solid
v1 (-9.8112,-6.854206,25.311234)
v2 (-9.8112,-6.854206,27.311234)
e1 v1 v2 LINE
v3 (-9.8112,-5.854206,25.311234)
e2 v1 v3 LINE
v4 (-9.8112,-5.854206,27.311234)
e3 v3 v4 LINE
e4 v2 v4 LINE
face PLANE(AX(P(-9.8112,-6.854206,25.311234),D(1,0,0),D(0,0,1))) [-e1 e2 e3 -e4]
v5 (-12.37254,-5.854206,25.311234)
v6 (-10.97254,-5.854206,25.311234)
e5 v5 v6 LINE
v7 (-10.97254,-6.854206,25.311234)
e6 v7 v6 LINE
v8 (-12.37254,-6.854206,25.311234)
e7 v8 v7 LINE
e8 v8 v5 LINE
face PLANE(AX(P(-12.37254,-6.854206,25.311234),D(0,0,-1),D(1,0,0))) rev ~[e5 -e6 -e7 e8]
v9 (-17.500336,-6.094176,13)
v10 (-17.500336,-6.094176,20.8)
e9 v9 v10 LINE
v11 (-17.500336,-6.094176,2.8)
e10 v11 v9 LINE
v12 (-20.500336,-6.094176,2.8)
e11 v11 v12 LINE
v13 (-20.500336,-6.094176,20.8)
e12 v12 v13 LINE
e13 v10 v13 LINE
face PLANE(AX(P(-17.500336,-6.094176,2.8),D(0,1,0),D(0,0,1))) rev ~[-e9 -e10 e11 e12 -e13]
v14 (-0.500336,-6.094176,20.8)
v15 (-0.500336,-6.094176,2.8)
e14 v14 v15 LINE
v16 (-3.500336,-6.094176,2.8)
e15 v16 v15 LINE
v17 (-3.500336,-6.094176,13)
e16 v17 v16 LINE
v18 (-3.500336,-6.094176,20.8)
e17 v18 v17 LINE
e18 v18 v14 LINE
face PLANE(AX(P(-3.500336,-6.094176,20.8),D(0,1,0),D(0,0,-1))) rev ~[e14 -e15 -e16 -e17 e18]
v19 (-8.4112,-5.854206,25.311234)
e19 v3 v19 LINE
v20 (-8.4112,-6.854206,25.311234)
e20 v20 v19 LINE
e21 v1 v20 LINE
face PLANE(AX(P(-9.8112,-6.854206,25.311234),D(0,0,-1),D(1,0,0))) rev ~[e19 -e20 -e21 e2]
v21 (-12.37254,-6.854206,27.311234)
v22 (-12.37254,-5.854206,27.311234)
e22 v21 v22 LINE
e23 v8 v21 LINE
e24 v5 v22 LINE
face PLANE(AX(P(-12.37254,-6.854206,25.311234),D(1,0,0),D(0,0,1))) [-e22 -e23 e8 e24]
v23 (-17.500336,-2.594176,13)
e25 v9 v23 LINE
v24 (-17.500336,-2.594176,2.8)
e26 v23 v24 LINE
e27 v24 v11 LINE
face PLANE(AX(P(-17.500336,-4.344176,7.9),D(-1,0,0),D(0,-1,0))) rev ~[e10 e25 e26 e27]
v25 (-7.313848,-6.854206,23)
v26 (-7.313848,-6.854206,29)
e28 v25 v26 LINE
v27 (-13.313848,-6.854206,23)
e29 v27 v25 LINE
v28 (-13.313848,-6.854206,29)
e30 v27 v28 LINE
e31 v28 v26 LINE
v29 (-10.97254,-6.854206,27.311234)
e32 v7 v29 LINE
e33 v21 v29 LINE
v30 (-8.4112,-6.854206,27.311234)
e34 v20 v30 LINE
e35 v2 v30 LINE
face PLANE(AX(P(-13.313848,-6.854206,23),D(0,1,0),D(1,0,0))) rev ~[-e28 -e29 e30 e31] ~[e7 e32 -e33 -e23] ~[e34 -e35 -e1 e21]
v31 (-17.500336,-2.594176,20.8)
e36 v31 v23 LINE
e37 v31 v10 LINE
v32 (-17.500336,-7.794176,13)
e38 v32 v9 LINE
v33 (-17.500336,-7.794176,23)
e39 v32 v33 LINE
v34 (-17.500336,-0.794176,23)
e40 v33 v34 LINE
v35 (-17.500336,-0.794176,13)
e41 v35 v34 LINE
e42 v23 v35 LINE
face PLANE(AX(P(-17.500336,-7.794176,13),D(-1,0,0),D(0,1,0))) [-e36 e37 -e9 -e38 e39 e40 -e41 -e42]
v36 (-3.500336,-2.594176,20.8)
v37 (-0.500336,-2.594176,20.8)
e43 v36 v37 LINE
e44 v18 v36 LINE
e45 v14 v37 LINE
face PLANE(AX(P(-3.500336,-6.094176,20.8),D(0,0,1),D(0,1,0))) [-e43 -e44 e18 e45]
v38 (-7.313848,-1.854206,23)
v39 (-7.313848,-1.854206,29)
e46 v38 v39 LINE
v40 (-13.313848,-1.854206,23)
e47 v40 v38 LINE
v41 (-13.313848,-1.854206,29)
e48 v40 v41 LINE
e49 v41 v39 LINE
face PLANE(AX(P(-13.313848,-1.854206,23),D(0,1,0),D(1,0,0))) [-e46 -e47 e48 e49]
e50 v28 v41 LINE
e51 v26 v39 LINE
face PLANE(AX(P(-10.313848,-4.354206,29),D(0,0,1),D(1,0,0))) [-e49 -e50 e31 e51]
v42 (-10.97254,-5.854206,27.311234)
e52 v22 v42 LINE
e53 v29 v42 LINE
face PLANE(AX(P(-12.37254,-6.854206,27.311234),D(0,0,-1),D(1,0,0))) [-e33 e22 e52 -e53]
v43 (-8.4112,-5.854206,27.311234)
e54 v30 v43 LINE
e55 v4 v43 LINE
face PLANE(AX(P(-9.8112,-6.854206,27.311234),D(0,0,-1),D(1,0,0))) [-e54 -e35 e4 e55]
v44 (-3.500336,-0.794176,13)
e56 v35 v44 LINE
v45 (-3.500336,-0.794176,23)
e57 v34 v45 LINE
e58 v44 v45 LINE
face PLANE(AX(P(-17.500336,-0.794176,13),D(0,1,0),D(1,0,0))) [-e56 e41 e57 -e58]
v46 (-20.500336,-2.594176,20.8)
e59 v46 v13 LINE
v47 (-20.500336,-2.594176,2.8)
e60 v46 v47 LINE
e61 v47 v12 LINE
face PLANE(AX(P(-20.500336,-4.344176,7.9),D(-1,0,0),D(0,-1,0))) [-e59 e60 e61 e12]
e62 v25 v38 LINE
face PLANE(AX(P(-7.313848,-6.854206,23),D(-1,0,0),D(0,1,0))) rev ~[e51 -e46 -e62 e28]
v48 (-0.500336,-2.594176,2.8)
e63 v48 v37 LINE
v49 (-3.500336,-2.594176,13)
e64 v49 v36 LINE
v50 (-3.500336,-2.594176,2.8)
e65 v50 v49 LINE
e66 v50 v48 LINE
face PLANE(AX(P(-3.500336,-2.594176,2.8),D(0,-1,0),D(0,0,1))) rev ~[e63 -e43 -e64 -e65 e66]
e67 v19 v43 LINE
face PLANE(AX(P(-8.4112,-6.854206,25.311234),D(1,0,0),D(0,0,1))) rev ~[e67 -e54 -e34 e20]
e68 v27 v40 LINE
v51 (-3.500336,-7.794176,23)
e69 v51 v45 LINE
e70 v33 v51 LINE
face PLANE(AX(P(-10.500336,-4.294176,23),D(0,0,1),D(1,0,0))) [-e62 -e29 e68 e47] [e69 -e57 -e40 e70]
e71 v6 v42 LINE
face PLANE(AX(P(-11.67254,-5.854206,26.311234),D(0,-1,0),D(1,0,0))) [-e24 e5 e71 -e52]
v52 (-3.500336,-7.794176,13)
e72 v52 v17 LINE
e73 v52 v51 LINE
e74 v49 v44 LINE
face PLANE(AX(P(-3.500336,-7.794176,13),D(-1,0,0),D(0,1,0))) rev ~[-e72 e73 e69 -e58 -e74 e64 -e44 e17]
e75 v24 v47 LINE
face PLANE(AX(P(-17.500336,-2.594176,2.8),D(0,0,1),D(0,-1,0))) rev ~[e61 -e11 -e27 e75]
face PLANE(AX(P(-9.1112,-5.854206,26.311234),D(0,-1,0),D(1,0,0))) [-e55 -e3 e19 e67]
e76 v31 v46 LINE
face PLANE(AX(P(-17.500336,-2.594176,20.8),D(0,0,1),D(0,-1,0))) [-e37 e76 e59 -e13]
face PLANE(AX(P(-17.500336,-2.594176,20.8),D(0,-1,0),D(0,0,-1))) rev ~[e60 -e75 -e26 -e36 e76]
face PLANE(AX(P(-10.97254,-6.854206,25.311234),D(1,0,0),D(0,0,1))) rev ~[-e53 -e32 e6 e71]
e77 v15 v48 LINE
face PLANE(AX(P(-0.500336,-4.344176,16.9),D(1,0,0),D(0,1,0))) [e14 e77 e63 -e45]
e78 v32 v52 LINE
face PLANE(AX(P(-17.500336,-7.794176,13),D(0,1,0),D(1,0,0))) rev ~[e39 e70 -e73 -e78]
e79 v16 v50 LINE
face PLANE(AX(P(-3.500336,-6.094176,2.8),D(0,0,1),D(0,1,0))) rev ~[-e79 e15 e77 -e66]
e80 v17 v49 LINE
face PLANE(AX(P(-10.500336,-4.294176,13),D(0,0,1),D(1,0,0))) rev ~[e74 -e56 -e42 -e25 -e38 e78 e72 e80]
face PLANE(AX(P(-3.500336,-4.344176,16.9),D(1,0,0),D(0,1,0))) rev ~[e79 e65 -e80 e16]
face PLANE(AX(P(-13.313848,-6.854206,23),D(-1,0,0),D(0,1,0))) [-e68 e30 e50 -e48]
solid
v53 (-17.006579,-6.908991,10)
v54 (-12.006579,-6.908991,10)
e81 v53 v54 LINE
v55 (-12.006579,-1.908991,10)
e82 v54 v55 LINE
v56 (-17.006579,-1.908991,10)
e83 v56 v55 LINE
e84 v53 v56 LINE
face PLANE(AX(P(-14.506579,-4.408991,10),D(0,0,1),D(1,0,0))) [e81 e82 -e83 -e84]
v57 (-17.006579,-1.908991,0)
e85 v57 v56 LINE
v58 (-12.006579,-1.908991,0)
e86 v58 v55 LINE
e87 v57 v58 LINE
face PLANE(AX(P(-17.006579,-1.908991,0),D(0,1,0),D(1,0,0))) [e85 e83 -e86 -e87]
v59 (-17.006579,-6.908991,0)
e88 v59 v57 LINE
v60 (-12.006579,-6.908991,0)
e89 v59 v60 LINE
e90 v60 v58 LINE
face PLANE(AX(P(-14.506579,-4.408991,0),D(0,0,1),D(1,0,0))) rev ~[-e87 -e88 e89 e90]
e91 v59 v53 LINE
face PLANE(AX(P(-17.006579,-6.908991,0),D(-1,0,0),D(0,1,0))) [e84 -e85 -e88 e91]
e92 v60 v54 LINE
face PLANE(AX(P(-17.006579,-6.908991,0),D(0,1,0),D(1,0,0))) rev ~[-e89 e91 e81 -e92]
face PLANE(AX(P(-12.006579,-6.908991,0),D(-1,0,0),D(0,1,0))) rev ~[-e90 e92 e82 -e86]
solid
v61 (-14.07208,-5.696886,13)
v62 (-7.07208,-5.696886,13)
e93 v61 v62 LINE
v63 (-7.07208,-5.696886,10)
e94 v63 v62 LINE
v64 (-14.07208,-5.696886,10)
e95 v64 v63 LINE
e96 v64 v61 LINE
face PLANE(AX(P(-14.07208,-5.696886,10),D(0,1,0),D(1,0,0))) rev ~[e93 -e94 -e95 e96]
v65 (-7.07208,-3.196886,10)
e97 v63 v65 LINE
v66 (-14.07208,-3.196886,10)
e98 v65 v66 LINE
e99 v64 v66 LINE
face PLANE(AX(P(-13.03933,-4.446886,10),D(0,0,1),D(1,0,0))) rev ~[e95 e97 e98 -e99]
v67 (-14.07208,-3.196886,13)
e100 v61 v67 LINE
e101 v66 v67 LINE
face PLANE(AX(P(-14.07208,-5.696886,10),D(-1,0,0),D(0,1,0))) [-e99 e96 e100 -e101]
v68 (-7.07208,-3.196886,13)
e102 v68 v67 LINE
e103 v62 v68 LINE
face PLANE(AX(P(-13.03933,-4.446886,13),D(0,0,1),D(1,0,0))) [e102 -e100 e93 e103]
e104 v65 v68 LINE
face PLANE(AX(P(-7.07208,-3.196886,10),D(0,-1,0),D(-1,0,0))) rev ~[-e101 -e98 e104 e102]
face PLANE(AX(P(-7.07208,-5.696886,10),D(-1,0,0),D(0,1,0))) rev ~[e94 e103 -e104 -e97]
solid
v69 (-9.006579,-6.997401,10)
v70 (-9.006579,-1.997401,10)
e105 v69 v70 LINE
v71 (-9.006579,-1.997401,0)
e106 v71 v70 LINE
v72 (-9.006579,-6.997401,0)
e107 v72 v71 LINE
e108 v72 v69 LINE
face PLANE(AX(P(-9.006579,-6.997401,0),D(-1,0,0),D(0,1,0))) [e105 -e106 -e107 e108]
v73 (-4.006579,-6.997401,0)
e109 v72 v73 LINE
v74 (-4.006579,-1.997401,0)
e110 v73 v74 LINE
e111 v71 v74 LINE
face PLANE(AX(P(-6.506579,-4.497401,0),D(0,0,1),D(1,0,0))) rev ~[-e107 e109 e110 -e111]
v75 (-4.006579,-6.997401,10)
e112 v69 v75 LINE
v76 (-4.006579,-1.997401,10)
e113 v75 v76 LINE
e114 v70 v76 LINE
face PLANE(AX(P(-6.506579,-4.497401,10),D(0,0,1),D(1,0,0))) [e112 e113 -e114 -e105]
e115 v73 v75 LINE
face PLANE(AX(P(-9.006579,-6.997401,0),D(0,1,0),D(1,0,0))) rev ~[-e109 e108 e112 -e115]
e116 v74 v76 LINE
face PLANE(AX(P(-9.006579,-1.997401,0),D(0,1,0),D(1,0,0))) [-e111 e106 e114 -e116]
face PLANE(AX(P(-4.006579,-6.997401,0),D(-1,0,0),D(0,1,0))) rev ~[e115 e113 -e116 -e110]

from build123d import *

# Parameters (mm, degrees)
F0_W      = 5
F0_H      = 5
F1_DEPTH  = 10
F2_W      = 2.065500658
F2_H      = 2.5
F2_W_2    = 4.934499342
F3_DEPTH  = 3
F4_W      = 14
F4_H      = 7
F4_W_2    = 7
F4_H_2    = 2.5
F5_DEPTH  = 10
F6_W      = 6
F6_H      = 5
F7_DEPTH  = 6
F8_W      = 1.4
F8_H      = 2
F9_DEPTH  = 1
F10_W     = 3.5
F10_H     = 7.8
F11_DEPTH = 3
F12_W     = 3.5
F12_H     = 10.2
F12_H_2   = 7.8
F13_DEPTH = 3


with BuildPart() as f1:
    # F0 (on Top) → F1 (new body)
    with BuildSketch(Plane.XY):
        with Locations((-14.5065793768, -4.4089912876)):
            Rectangle(F0_W, F0_H)
    extrude(amount=F1_DEPTH)


with BuildPart() as f1b:
    # F0 (on Top) → F1, piece 2 (new body)
    with BuildSketch(Plane.XY):
        with Locations((-6.5065793768, -4.4974009506)):
            Rectangle(F0_W, F0_H)
    extrude(amount=F1_DEPTH)


with BuildPart() as f3:
    # F2 (on face) → F3 (new body)
    with BuildSketch(Plane.XY.offset(10)):
        with Locations((-13.0393297058, -4.4468859397)):
            Rectangle(F2_W, F2_H)
        with Locations((-9.5393297058, -4.4468859397)):
            Rectangle(F2_W_2, F2_H)
    extrude(amount=F3_DEPTH)


with BuildPart() as f5:
    # F4 (on face) → F5 (new body)
    with BuildSketch(Plane.XY.offset(13)):
        with Locations((-10.500335617, -4.2941762283)):
            Rectangle(F4_W, F4_H)
        with Locations((-10.5720800348, -4.4468859397)):
            Rectangle(F4_W_2, F4_H_2, mode=Mode.SUBTRACT)
        with Locations((-10.5720800348, -4.4468859397)):
            Rectangle(F4_W_2, F4_H_2)
    extrude(amount=F5_DEPTH)

    # F6 (on face) → F7 (join)
    with BuildSketch(Plane.XY.offset(23)):
        with Locations((-10.3138480075, -4.354205858)):
            Rectangle(F6_W, F6_H)
    extrude(amount=F7_DEPTH)

    # F8 (on face) → F9 (cut)
    with BuildSketch(Plane.XZ.offset(6.854205858)):
        with Locations((-11.6725403297, 26.3112342762)):
            Rectangle(F8_W, F8_H)
        with Locations((-9.1112003411, 26.3112342762)):
            Rectangle(F8_W, F8_H)
    extrude(amount=-F9_DEPTH, mode=Mode.SUBTRACT)

    # F10 (on face) → F11 (join)
    with BuildSketch(Plane.YZ.offset(-3.500335617)):
        with Locations((-4.3441762283, 16.9)):
            Rectangle(F10_W, F10_H)
        Polygon((-2.5941762283, 13), (-6.0941762283, 13), (-6.0941762283, 2.8), (-2.5941762283, 2.8), (-2.5941762283, 3.5544625907), (-2.5941762283, 4.0402877186), align=None)
    extrude(amount=F11_DEPTH)

    # F12 (on face) → F13 (join)
    with BuildSketch(Plane(origin=(-17.500335617, 0, 0), x_dir=(0, -1, 0), z_dir=(-1, 0, 0))):
        with Locations((4.3441762283, 7.9)):
            Rectangle(F12_W, F12_H)
        with Locations((4.3441762283, 16.9)):
            Rectangle(F12_W, F12_H_2)
    extrude(amount=F13_DEPTH)


solid = Compound([f1.part, f1b.part, f3.part, f5.part])
